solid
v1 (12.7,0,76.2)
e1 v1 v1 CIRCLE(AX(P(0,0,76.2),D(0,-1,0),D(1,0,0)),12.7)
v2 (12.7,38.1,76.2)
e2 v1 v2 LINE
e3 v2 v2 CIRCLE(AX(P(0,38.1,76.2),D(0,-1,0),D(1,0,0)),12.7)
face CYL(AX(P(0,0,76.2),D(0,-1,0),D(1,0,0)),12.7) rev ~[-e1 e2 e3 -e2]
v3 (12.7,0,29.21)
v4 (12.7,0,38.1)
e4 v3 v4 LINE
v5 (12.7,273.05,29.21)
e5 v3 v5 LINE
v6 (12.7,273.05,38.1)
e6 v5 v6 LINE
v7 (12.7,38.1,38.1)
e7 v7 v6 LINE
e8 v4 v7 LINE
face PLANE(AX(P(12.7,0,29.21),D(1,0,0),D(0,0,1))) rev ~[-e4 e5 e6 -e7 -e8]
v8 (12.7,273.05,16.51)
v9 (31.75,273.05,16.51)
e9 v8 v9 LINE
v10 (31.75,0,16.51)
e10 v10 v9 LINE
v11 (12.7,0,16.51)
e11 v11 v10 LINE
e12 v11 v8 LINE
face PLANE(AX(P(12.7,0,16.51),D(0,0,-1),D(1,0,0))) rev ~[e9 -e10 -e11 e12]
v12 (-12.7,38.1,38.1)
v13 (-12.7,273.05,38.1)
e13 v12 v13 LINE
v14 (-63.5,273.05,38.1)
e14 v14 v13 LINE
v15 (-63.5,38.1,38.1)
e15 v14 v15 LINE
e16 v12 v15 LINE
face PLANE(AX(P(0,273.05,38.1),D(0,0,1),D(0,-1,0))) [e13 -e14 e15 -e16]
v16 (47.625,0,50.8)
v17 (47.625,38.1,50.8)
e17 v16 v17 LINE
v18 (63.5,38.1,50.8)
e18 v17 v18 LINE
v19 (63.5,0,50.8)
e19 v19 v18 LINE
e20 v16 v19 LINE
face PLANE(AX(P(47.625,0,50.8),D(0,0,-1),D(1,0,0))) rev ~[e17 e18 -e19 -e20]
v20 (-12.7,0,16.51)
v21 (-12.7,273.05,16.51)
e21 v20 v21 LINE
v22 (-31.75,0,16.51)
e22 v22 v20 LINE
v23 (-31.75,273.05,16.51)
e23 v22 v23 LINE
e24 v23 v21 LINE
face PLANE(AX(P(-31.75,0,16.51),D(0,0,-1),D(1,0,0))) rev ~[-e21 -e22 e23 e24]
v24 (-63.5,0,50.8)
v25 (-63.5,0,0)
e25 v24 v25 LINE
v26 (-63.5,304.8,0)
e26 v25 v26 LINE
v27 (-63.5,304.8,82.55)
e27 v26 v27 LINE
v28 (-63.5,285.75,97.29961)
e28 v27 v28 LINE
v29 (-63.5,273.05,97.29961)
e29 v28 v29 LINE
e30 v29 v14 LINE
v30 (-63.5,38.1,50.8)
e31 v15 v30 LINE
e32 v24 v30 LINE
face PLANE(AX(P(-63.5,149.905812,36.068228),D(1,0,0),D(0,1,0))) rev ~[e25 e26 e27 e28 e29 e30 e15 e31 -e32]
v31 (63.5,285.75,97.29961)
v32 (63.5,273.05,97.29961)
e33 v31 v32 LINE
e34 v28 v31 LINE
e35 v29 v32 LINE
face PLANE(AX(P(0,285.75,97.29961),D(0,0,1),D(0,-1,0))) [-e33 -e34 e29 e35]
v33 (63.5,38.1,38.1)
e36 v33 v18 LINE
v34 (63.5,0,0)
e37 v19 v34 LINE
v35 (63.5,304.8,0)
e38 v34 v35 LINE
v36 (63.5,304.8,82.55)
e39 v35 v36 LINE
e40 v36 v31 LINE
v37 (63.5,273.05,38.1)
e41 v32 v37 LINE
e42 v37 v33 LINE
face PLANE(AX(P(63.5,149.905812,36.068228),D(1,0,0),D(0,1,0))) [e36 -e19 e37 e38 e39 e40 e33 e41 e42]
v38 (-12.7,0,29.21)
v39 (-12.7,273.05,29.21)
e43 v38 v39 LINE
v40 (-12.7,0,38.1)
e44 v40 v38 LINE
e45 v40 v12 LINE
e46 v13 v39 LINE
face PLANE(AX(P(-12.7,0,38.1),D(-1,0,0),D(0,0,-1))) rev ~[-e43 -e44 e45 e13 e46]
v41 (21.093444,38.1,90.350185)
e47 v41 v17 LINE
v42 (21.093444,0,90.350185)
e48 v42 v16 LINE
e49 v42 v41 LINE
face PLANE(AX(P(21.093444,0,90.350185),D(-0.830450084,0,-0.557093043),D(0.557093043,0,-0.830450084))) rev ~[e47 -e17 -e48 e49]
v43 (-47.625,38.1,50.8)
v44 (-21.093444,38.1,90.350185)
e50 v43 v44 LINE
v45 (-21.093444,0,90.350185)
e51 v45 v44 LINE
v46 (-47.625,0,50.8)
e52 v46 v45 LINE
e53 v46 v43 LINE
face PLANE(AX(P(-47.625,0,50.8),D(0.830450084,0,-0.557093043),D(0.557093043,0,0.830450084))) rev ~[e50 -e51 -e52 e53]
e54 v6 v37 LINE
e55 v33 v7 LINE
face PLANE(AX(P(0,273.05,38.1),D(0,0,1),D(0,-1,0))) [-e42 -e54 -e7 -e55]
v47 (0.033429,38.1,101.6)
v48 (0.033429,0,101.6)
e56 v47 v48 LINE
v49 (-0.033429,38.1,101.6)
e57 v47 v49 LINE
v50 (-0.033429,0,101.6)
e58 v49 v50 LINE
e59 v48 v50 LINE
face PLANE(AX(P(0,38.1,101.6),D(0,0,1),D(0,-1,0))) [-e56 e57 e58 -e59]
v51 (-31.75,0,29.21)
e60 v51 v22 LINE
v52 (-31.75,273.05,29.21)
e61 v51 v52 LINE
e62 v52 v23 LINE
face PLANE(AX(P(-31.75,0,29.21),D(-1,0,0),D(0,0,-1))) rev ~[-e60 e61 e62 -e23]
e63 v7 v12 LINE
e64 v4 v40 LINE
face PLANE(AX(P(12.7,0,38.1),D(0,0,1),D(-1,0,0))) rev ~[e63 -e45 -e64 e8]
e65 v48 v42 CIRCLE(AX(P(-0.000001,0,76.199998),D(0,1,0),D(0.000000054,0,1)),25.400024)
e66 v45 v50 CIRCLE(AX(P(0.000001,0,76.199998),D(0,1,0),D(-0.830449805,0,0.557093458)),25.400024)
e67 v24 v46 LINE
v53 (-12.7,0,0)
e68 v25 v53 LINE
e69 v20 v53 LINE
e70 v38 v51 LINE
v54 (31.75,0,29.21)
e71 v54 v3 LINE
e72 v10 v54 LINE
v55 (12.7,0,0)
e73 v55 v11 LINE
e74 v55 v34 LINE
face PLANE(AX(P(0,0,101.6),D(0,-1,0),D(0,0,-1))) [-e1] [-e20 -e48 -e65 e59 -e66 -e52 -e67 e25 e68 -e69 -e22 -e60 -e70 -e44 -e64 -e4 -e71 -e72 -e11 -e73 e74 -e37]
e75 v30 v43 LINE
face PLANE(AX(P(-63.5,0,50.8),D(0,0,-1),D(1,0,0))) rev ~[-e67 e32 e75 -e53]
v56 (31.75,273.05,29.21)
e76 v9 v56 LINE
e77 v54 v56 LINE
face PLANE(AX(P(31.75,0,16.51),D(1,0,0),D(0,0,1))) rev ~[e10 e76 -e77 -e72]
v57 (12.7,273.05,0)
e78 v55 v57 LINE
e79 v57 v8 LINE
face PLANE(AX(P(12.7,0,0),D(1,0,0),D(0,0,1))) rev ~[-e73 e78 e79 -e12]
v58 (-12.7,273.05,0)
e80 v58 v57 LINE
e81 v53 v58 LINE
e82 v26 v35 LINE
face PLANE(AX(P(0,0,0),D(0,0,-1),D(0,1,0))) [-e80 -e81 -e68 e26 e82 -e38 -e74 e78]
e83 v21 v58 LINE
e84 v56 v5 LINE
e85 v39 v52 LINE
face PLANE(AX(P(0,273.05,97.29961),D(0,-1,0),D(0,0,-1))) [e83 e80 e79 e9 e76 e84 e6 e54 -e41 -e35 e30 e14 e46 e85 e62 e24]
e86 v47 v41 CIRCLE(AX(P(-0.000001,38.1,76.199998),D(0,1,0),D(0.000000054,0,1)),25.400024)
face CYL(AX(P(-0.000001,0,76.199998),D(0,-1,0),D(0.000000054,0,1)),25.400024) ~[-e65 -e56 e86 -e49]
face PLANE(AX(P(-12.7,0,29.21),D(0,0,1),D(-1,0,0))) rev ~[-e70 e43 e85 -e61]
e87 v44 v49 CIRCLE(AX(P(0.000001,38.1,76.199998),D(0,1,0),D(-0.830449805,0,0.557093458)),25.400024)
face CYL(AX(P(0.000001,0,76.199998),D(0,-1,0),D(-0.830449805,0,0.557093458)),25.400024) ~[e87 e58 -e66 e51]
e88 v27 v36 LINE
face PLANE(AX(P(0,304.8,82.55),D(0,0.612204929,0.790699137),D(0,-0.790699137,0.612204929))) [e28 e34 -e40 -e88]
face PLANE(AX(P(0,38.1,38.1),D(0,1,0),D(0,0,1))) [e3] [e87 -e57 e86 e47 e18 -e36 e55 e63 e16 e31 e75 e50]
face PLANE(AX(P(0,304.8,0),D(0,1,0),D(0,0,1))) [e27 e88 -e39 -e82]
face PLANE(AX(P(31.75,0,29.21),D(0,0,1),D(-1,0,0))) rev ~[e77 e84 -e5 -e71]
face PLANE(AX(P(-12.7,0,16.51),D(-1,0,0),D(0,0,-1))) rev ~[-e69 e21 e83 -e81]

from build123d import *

# Parameters (mm, degrees)
F2_DEPTH = 63.5
F3_DEPTH = 273.05
F0_R     = 12.7
F4_DEPTH = 38.1


with BuildPart() as f2:
    # F1 (on Right) → F2 (new body, symmetric)
    with BuildSketch(Plane.YZ):
        Polygon((0, 101.6), (0, 0), (304.8, 0), (304.8, 82.55), (285.75, 97.29961), (273.05, 97.29961), (273.05, 38.1), (38.1, 38.1), (38.1, 101.6), align=None)
    extrude(amount=F2_DEPTH, both=True)

    # F0 (on Front) → F3 (cut)
    with BuildSketch(Plane.XZ):
        Polygon((-12.7, 16.51), (-12.7, 0), (12.7, 0), (12.7, 16.51), (31.75, 16.51), (31.75, 29.21), (12.7, 29.21), (12.7, 38.1), (-12.7, 38.1), (-12.7, 29.21), (-31.75, 29.21), (-31.75, 16.51), align=None)
    extrude(amount=-F3_DEPTH, mode=Mode.SUBTRACT)

    # F0 (on Front) → F4 (cut)
    with BuildSketch(Plane.XZ):
        with BuildLine():
            Line((-63.5, 101.600022), (-63.5, 50.8))
            Line((-63.5, 50.8), (-47.625, 50.8))
            Line((-47.625, 50.8), (-21.093444, 90.350185))
            ThreePointArc((-21.093444, 90.350185), (-11.952951, 98.611784), (0, 101.600022))
            Line((0, 101.600022), (-63.5, 101.600022))
        make_face()
        with BuildLine():
            Line((47.625, 50.8), (63.5, 50.8))
            Line((63.5, 50.8), (63.5, 101.600022))
            Line((63.5, 101.600022), (0, 101.600022))
            ThreePointArc((0, 101.600022), (11.952951, 98.611784), (21.093444, 90.350185))
            Line((21.093444, 90.350185), (47.625, 50.8))
        make_face()
        with Locations((0, 76.2)):
            Circle(F0_R)
    extrude(amount=-F4_DEPTH, mode=Mode.SUBTRACT)


solid = f2.part
